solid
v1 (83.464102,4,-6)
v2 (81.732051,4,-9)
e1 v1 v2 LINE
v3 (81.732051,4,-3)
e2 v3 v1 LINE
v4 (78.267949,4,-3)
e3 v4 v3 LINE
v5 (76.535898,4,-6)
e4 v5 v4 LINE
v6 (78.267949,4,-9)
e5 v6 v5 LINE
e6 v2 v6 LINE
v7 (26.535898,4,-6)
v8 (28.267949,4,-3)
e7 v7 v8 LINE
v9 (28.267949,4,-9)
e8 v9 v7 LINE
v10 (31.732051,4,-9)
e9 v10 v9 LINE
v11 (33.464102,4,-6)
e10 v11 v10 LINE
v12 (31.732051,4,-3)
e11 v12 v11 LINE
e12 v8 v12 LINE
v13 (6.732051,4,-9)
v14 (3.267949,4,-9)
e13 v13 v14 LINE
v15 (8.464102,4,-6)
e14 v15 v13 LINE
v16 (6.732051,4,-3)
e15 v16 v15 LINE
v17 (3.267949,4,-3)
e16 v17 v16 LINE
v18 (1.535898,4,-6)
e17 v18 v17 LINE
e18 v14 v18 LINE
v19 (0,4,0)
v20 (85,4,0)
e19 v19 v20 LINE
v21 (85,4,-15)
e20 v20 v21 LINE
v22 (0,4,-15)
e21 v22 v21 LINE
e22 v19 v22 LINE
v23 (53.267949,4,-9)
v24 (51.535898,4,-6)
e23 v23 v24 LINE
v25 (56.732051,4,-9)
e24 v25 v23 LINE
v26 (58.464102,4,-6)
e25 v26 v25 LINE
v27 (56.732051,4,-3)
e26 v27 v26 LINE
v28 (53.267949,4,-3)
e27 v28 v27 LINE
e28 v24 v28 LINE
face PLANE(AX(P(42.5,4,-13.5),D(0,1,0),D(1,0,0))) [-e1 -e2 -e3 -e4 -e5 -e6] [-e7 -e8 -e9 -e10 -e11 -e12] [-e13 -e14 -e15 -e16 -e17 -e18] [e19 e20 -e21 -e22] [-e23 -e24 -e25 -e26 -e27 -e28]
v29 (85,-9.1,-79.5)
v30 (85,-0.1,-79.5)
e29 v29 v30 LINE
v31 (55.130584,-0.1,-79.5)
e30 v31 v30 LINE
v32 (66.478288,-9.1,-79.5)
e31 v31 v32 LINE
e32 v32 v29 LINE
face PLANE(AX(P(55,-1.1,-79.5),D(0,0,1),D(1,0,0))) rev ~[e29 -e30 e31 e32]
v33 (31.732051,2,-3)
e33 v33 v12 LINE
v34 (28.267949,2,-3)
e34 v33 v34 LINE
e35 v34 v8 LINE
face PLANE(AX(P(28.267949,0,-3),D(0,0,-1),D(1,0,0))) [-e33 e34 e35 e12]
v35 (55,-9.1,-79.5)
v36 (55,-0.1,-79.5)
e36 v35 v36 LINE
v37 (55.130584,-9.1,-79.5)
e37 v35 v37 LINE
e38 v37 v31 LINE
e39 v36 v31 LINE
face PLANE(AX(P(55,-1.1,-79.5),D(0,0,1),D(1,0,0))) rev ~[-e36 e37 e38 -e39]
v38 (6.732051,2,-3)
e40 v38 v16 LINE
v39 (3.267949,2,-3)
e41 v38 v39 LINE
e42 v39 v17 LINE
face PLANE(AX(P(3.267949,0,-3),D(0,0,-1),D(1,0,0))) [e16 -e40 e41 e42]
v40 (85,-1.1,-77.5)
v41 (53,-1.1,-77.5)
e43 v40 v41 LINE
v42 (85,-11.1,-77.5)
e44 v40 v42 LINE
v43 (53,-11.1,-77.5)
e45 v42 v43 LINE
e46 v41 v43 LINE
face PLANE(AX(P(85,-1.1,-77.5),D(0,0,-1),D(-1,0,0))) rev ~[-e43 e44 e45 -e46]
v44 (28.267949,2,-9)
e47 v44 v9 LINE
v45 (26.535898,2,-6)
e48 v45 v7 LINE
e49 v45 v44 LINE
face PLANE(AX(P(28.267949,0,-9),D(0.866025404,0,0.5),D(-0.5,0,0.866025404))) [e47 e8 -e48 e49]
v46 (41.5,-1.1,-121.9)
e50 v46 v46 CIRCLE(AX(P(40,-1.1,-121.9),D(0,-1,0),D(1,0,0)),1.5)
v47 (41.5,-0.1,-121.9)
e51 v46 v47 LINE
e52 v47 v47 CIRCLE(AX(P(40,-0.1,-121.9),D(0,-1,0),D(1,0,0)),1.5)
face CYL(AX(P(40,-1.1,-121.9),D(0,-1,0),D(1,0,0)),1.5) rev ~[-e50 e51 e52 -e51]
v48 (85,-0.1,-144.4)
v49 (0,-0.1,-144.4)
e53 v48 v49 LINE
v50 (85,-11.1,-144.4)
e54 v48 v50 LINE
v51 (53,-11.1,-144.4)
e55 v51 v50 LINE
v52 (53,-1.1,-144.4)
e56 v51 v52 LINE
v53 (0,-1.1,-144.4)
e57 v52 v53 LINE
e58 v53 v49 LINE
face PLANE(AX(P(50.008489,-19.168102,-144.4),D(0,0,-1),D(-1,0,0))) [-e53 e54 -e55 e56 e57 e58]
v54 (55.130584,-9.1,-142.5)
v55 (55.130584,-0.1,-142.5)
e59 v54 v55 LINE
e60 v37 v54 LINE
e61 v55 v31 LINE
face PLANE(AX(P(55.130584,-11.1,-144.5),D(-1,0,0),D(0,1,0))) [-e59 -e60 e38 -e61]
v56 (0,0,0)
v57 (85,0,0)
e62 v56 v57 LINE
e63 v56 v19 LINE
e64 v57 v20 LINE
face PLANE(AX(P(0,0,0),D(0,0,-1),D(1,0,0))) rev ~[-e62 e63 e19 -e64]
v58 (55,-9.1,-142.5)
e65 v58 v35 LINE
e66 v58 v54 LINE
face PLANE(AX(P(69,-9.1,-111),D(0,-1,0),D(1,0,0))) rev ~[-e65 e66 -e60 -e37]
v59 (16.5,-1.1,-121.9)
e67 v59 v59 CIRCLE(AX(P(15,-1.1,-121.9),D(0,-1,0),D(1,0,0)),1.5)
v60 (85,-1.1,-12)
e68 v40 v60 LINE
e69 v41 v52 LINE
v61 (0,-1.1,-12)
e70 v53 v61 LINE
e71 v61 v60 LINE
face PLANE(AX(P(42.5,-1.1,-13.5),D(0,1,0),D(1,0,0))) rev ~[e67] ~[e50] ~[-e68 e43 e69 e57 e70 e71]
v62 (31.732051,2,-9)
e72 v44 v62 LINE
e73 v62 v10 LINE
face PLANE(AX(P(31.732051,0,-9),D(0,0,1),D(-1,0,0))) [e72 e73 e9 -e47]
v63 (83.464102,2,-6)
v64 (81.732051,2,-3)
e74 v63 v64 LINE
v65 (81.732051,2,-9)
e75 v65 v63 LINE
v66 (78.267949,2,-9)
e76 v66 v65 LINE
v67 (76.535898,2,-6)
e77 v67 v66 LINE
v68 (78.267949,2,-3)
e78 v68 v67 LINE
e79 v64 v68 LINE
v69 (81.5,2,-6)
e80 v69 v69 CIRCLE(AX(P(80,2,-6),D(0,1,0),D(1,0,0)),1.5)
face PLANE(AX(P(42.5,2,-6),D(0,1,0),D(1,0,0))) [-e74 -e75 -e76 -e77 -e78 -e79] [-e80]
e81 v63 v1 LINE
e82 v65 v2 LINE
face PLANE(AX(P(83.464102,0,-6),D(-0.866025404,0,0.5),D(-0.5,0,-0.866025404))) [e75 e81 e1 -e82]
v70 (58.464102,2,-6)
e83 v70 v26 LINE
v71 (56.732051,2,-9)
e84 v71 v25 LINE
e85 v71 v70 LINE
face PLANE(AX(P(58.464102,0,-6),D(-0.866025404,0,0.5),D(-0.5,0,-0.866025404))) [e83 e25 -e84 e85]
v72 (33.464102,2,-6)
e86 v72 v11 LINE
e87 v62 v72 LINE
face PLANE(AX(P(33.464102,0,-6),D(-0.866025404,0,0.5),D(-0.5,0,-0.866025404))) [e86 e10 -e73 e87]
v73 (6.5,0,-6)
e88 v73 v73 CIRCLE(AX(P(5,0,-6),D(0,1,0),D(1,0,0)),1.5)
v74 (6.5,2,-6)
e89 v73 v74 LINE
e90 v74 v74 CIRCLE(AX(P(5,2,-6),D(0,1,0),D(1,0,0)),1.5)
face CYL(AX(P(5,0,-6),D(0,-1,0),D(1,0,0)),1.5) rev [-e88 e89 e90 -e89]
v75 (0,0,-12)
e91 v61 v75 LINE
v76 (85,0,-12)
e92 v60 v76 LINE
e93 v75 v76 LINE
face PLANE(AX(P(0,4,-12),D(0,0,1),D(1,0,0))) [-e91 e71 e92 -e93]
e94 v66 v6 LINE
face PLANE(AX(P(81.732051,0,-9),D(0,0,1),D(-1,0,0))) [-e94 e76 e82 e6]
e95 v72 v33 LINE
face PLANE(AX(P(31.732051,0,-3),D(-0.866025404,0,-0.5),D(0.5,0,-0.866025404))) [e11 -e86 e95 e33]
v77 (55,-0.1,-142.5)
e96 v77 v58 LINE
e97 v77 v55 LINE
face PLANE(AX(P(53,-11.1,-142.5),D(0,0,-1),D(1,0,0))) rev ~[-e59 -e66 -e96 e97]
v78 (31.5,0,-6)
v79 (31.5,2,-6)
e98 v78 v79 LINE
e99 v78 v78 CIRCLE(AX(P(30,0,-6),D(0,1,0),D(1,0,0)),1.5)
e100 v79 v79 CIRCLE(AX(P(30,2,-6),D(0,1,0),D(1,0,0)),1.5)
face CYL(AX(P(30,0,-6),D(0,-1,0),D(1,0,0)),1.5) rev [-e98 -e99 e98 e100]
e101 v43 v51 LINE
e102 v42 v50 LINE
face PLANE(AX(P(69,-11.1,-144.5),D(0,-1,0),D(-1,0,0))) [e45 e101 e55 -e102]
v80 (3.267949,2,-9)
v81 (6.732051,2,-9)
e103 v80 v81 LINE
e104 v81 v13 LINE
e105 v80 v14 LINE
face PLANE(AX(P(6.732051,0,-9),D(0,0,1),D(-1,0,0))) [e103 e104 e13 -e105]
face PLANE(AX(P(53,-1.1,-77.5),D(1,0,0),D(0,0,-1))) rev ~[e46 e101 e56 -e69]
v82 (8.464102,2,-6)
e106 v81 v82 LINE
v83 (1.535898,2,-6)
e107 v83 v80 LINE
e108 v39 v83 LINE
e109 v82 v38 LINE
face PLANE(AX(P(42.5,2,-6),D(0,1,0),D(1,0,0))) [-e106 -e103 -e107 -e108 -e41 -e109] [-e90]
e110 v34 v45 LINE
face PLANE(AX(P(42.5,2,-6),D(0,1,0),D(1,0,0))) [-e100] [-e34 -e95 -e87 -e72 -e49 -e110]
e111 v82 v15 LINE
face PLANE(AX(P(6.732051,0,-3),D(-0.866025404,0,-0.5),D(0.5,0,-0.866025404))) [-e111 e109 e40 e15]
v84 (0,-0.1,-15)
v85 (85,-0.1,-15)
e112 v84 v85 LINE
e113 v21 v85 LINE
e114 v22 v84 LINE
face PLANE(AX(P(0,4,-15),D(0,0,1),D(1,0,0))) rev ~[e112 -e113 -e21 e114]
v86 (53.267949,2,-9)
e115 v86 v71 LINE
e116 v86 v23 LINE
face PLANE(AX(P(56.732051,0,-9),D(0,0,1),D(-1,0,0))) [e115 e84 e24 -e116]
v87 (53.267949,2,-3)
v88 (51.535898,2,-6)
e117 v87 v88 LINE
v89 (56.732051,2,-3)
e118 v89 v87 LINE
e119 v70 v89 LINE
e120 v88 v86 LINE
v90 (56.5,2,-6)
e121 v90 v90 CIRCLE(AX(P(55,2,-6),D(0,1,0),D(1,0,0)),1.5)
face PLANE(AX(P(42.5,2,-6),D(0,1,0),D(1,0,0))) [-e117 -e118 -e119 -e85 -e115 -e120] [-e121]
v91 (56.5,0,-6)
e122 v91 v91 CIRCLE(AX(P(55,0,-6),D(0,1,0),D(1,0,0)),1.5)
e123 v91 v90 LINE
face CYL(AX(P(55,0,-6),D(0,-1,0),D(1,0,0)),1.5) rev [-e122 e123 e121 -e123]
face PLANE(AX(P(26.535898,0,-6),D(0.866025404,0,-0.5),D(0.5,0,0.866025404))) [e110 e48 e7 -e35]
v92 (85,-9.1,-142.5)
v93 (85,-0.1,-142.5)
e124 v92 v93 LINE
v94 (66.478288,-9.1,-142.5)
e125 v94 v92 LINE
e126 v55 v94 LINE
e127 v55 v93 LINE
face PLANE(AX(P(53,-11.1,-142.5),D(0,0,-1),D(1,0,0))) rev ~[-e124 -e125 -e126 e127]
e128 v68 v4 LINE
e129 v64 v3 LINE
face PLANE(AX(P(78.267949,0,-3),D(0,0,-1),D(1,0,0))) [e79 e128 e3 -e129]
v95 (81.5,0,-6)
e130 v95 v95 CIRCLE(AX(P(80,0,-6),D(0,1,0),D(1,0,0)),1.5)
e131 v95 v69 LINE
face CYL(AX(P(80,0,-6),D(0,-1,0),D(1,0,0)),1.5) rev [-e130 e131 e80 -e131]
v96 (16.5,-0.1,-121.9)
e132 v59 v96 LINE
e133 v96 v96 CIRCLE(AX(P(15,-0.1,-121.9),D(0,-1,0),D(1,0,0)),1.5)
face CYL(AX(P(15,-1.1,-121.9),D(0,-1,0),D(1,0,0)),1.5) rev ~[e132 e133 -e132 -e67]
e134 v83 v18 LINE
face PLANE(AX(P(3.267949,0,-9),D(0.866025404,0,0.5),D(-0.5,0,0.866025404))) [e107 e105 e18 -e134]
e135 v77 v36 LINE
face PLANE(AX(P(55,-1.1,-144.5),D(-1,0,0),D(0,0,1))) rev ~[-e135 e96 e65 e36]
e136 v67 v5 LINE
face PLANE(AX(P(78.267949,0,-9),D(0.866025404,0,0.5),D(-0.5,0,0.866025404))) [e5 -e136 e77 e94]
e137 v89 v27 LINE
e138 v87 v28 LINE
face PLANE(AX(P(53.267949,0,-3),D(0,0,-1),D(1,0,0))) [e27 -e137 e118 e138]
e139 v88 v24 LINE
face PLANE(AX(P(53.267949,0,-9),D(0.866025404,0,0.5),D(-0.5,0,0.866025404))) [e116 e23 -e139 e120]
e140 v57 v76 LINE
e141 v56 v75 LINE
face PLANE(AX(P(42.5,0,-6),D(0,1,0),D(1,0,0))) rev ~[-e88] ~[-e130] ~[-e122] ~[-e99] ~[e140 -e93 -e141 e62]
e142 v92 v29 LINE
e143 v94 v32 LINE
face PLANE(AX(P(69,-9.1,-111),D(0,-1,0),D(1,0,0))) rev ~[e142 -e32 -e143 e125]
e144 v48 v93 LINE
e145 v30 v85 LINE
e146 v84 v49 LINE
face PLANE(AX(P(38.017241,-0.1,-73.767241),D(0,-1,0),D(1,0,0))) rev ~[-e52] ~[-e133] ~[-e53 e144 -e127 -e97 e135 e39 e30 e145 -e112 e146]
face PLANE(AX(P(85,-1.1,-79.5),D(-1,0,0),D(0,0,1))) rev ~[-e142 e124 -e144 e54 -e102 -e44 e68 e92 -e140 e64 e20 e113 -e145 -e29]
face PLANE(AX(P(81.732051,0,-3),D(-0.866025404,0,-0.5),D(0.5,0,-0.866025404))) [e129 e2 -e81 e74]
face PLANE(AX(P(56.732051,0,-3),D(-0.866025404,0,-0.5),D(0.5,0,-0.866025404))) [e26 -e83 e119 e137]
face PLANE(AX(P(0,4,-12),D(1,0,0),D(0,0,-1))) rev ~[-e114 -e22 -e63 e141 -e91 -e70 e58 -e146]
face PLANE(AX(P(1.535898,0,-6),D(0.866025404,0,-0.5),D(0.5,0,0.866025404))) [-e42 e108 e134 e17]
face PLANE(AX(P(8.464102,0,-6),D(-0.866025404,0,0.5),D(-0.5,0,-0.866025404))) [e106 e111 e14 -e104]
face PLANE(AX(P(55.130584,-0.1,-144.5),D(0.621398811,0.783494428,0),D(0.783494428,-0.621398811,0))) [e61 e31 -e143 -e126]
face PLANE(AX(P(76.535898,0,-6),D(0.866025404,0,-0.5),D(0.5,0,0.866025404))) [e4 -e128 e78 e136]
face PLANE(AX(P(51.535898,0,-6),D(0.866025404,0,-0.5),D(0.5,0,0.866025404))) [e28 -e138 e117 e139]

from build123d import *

# Parameters (mm, degrees)
SKETCH1_W           = 85
SKETCH1_H           = 12
SKETCH1_R           = 1.5
BOSS_EXTRUDE1_DEPTH = 2
SKETCH1_3_W         = 85
SKETCH1_3_H         = 12
BOSS_EXTRUDE2_DEPTH = 4
SKETCH2_W           = 85
SKETCH2_H           = 3
BOSS_EXTRUDE3_DEPTH = 5.1
BOSS_EXTRUDE4_DEPTH = 1
BOSS_EXTRUDE5_DEPTH = 10
SKETCH5_W           = 32
SKETCH5_H           = 67
BOSS_EXTRUDE6_DEPTH = 2
SKETCH6_W           = 32
SKETCH6_H           = 2
BOSS_EXTRUDE7_DEPTH = 11
BOSS_EXTRUDE9_DEPTH = 65
SKETCH9_W           = 100.016978449
SKETCH9_H           = 38.136204689
CUT_EXTRUDE1_DEPTH  = 0.1
SKETCH10_R          = 1.5
CUT_EXTRUDE2_DEPTH  = 6.1


with BuildPart() as part:
    # Sketch1 → Boss-Extrude1 (new body)
    with BuildSketch(Plane(origin=(0, 0, 0), x_dir=(1, 0, 0), z_dir=(0, 1, 0))):
        with Locations((42.5, 6)):
            Rectangle(SKETCH1_W, SKETCH1_H)
        Polygon((81.732050808, 3), (83.464101615, 6), (81.732050808, 9), (78.267949192, 9), (76.535898385, 6), (78.267949192, 3), align=None, mode=Mode.SUBTRACT)
        Polygon((56.732050808, 3), (58.464101615, 6), (56.732050808, 9), (53.267949192, 9), (51.535898385, 6), (53.267949192, 3), align=None, mode=Mode.SUBTRACT)
        Polygon((31.732050808, 3), (33.464101615, 6), (31.732050808, 9), (28.267949192, 9), (26.535898385, 6), (28.267949192, 3), align=None, mode=Mode.SUBTRACT)
        Polygon((6.732050808, 3), (8.464101615, 6), (6.732050808, 9), (3.267949192, 9), (1.535898385, 6), (3.267949192, 3), align=None, mode=Mode.SUBTRACT)
        Polygon((3.267949192, 3), (6.732050808, 3), (8.464101615, 6), (6.732050808, 9), (3.267949192, 9), (1.535898385, 6), align=None)
        with Locations((5, 6)):
            Circle(SKETCH1_R, mode=Mode.SUBTRACT)
        Polygon((28.267949192, 3), (31.732050808, 3), (33.464101615, 6), (31.732050808, 9), (28.267949192, 9), (26.535898385, 6), align=None)
        with Locations((30, 6)):
            Circle(SKETCH1_R, mode=Mode.SUBTRACT)
        Polygon((53.267949192, 3), (56.732050808, 3), (58.464101615, 6), (56.732050808, 9), (53.267949192, 9), (51.535898385, 6), align=None)
        with Locations((55, 6)):
            Circle(SKETCH1_R, mode=Mode.SUBTRACT)
        Polygon((78.267949192, 3), (81.732050808, 3), (83.464101615, 6), (81.732050808, 9), (78.267949192, 9), (76.535898385, 6), align=None)
        with Locations((80, 6)):
            Circle(SKETCH1_R, mode=Mode.SUBTRACT)
    extrude(amount=BOSS_EXTRUDE1_DEPTH)

    # Sketch1<3> → Boss-Extrude2 (add)
    with BuildSketch(Plane(origin=(0, 0, 0), x_dir=(1, 0, 0), z_dir=(0, 1, 0))):
        with Locations((42.5, 6)):
            Rectangle(SKETCH1_3_W, SKETCH1_3_H)
        Polygon((81.732050808, 3), (83.464101615, 6), (81.732050808, 9), (78.267949192, 9), (76.535898385, 6), (78.267949192, 3), align=None, mode=Mode.SUBTRACT)
        Polygon((56.732050808, 3), (58.464101615, 6), (56.732050808, 9), (53.267949192, 9), (51.535898385, 6), (53.267949192, 3), align=None, mode=Mode.SUBTRACT)
        Polygon((31.732050808, 3), (33.464101615, 6), (31.732050808, 9), (28.267949192, 9), (26.535898385, 6), (28.267949192, 3), align=None, mode=Mode.SUBTRACT)
        Polygon((6.732050808, 3), (8.464101615, 6), (6.732050808, 9), (3.267949192, 9), (1.535898385, 6), (3.267949192, 3), align=None, mode=Mode.SUBTRACT)
    extrude(amount=BOSS_EXTRUDE2_DEPTH)

    # Sketch2 → Boss-Extrude3 (add)
    with BuildSketch(Plane(origin=(0, 4, 0), x_dir=(1, 0, 0), z_dir=(0, 1, 0))):
        with Locations((42.5, 13.5)):
            Rectangle(SKETCH2_W, SKETCH2_H)
    extrude(amount=-BOSS_EXTRUDE3_DEPTH)

    # Sketch3 → Boss-Extrude4 (add)
    with BuildSketch(Plane.XZ.offset(1.1)):
        Polygon((85, -12), (0, -12), (0, -144.5), (55, -144.5), (55, -79.5), (85, -79.5), align=None)
    extrude(amount=-BOSS_EXTRUDE4_DEPTH)

    # Sketch4 → Boss-Extrude5 (add)
    with BuildSketch(Plane.XZ.offset(1.1)):
        Polygon((85, -79.5), (85, -77.5), (53, -77.5), (53, -144.5), (55, -144.5), (55, -79.5), align=None)
    extrude(amount=BOSS_EXTRUDE5_DEPTH)

    # Sketch5 → Boss-Extrude6 (add)
    with BuildSketch(Plane.XZ.offset(11.1)):
        with Locations((69, -111)):
            Rectangle(SKETCH5_W, SKETCH5_H)
    extrude(amount=-BOSS_EXTRUDE6_DEPTH)

    # Sketch6 → Boss-Extrude7 (add)
    with BuildSketch(Plane.XZ.offset(11.1)):
        with Locations((69, -143.5)):
            Rectangle(SKETCH6_W, SKETCH6_H)
    extrude(amount=-BOSS_EXTRUDE7_DEPTH)

    # Sketch8 → Boss-Extrude9 (add)
    with BuildSketch(Plane(origin=(0, 0, -144.5), x_dir=(-1, 0, 0), z_dir=(0, 0, -1))):
        Polygon((-55.130583843, -11.1), (-55.130583843, -0.1), (-69, -11.1), align=None)
    extrude(amount=-BOSS_EXTRUDE9_DEPTH)

    # Sketch9 → Cut-Extrude1 (cut)
    with BuildSketch(Plane(origin=(0, 0, -144.5), x_dir=(-1, 0, 0), z_dir=(0, 0, -1))):
        with Locations((-50.008489225, -19.168102345)):
            Rectangle(SKETCH9_W, SKETCH9_H)
    extrude(amount=-CUT_EXTRUDE1_DEPTH, mode=Mode.SUBTRACT)

    # Sketch10 → Cut-Extrude2 (cut, through all)
    with BuildSketch(Plane.XZ.offset(1.1)):
        with Locations((15, -121.9)):
            Circle(SKETCH10_R)
        with Locations((40, -121.9)):
            Circle(SKETCH10_R)
    extrude(amount=-CUT_EXTRUDE2_DEPTH, mode=Mode.SUBTRACT)


solid = part.part
